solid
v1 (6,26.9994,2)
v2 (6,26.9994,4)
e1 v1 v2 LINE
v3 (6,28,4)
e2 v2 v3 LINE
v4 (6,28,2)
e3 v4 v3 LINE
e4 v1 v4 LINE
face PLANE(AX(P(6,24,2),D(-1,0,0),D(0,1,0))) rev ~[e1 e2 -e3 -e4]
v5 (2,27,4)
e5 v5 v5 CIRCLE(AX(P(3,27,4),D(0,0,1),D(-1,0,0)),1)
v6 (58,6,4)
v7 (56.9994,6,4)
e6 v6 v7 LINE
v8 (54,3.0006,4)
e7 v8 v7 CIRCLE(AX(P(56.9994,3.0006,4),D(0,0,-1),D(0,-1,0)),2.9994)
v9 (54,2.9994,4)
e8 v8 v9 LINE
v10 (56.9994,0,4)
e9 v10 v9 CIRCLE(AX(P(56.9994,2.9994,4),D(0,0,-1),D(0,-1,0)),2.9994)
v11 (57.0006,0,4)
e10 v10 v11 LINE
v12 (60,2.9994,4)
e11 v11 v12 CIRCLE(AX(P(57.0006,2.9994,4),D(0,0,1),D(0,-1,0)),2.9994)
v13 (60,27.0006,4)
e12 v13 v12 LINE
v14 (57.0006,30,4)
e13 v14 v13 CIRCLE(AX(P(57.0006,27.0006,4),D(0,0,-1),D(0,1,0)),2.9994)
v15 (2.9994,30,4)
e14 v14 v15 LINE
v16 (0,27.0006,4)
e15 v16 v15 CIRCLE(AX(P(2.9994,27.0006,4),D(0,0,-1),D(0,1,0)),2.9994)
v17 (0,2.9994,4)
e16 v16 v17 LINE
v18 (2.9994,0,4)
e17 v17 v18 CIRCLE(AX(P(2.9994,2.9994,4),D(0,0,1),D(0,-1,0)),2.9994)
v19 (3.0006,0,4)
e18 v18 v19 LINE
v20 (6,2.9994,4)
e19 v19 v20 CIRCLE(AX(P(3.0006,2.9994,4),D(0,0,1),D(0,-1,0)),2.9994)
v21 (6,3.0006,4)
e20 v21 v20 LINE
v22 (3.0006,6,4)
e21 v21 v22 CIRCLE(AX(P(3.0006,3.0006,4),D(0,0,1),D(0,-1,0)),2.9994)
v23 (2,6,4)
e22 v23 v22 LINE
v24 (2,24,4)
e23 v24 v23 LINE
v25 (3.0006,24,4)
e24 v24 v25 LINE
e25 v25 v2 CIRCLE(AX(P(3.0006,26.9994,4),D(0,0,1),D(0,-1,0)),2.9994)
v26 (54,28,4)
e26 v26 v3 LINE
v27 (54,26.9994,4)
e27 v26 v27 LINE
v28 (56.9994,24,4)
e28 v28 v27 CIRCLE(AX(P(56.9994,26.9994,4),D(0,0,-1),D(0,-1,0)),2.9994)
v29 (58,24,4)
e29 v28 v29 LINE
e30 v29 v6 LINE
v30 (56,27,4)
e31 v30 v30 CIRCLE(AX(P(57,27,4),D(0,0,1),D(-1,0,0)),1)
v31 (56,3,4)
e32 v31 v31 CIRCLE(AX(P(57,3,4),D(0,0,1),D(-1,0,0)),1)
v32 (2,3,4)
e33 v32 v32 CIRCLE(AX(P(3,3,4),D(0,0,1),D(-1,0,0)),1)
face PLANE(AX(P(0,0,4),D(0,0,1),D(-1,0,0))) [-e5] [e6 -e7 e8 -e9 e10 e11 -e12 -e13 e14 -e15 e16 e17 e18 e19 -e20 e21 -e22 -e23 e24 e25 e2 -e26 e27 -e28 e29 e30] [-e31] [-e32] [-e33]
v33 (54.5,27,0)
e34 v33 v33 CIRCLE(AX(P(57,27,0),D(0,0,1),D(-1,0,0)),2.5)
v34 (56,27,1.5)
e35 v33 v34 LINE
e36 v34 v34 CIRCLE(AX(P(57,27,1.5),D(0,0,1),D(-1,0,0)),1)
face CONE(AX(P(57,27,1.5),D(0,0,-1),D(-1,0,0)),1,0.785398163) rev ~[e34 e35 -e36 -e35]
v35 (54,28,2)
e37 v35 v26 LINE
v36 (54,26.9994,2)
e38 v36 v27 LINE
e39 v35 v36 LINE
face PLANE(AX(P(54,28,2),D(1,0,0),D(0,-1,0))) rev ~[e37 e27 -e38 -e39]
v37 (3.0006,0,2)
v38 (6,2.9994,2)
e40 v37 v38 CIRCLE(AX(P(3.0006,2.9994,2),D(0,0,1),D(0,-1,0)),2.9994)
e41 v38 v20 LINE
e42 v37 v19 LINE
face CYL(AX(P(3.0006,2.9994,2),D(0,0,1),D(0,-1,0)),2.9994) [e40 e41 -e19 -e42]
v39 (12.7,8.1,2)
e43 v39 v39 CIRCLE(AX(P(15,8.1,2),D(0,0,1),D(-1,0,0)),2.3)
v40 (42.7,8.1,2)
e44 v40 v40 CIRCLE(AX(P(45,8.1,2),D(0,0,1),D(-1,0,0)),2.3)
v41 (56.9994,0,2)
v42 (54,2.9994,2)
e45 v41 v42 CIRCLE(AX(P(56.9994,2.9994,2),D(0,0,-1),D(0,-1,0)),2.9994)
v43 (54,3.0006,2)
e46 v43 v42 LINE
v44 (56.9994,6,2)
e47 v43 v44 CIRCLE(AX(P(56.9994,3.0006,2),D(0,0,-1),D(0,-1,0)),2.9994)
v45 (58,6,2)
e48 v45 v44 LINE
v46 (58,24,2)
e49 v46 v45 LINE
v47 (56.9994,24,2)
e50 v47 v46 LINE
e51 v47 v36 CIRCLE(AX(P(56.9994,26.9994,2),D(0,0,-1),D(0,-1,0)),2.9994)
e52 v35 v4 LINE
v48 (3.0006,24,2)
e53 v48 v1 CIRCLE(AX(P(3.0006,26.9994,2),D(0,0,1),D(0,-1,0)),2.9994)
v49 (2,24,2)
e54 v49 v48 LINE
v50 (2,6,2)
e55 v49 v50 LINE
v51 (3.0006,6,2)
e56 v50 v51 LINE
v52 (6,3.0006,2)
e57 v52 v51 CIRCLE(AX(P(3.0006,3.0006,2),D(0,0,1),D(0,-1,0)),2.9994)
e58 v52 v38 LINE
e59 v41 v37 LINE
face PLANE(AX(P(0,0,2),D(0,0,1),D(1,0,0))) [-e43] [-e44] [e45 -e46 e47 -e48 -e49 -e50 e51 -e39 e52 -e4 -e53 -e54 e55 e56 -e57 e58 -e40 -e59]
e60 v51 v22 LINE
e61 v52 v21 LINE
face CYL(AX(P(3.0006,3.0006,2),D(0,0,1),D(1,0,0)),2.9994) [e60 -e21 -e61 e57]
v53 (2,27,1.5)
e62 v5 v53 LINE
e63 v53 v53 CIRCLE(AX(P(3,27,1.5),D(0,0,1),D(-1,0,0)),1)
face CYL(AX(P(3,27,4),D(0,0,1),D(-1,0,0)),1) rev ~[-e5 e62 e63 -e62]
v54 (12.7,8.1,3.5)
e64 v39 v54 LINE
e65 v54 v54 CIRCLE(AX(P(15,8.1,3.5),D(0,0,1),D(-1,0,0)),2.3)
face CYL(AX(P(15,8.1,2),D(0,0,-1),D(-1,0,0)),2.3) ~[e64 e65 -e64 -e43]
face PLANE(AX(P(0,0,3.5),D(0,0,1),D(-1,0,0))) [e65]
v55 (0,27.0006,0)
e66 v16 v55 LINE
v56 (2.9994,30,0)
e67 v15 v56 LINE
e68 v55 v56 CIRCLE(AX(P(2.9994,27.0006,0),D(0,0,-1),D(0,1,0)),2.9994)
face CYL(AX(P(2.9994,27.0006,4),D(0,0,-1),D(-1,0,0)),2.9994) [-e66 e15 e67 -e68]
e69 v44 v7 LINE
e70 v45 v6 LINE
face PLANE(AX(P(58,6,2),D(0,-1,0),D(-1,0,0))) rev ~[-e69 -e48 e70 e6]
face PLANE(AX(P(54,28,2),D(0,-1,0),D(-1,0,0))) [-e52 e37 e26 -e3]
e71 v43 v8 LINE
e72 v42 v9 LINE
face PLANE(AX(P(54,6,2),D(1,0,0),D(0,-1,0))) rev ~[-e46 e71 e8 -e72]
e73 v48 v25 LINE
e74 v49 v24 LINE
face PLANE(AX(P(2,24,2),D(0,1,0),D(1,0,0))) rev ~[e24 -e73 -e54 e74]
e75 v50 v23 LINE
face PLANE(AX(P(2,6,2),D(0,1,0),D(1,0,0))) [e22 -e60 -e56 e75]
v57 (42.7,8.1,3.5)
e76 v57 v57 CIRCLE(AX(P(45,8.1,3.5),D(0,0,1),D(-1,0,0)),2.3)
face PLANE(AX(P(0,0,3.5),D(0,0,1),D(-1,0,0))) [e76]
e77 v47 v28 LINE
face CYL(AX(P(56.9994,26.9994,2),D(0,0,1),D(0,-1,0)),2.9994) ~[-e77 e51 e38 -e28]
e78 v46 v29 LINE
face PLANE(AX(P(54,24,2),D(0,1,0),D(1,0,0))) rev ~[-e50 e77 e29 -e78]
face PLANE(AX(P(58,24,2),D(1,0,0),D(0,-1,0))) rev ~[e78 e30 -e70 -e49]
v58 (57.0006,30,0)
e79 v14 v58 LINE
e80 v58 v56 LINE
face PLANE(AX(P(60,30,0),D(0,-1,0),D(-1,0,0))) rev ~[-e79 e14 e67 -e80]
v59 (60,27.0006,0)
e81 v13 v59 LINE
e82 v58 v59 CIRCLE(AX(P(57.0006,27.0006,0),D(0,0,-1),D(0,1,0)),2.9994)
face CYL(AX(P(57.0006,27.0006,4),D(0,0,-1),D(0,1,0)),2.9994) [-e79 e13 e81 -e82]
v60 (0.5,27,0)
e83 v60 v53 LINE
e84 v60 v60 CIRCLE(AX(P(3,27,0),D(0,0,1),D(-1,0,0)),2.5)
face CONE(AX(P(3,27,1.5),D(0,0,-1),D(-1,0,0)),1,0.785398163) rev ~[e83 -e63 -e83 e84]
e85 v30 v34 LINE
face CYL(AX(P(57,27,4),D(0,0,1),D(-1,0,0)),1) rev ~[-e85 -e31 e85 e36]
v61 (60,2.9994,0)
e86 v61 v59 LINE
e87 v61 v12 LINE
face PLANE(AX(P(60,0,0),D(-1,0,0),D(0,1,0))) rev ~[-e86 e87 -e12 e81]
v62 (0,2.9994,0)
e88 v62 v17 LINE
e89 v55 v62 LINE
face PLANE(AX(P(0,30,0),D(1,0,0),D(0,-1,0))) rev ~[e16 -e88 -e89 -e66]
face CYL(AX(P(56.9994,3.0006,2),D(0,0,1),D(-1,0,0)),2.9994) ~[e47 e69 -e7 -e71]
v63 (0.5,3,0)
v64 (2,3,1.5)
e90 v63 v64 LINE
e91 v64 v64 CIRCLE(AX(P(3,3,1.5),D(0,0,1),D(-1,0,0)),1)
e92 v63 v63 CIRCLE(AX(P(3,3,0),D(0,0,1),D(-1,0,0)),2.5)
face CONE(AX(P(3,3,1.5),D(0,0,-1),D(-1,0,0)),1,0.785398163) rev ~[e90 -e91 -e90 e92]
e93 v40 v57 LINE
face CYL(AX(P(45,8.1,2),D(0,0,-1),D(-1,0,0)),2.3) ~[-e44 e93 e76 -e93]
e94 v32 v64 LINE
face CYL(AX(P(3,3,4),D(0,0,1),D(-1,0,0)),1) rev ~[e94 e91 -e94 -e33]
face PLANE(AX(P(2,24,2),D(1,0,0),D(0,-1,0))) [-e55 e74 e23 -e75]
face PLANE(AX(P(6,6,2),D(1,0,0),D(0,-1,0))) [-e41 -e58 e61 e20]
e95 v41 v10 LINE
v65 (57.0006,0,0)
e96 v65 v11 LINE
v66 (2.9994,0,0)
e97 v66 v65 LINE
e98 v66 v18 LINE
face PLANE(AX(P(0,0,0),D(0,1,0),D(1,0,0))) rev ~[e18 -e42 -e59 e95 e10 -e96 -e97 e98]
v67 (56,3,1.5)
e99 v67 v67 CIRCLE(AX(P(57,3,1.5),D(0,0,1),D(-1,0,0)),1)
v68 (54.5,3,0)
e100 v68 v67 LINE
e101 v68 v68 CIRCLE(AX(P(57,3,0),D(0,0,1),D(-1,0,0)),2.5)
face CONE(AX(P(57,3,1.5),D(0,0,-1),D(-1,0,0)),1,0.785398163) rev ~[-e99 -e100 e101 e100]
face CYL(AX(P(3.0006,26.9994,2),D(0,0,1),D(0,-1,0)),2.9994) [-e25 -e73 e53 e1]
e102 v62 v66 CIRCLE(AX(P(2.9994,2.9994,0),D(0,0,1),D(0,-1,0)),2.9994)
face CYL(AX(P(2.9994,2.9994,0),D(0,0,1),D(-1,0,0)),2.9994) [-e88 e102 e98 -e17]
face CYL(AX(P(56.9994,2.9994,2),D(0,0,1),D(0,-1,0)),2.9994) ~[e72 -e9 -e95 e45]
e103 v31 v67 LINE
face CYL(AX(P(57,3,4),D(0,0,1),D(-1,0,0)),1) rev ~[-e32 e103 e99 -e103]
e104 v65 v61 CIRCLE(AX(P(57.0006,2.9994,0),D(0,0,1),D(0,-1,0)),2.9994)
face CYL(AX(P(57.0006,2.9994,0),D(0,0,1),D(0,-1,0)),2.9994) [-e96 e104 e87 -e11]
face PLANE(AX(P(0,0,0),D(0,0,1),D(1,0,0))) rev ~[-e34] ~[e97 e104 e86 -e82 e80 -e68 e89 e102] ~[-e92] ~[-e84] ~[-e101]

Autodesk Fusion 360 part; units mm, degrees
sketch "스케치1" plane through (0, 0, 0) normal (0, 0, 1) x (1, 0, 0)
  line L0 (0, 0) -> (60, 0)
  line L1 (60, 0) -> (60, 30)
  line L2 (60, 30) -> (0, 30)
  line L3 (0, 30) -> (0, 0)
  dimension "d1" = 60
  dimension "d2" = 30
extrude "돌출1" add sketch "스케치1" along normal blind 2
sketch "스케치5" plane through (0, 0, 2) normal (0, 0, 1) x (-1, 0, 0)
  line L0 (0, -30) -> (0, 0)
  line L1 (0, 0) -> (0, -30)
  line L2 (-60, -30) -> (0, -30)
  line L3 (-60, -30) -> (-60, 0)
  line L4 (0, 0) -> (-60, 0)
  line L5 (-60, 0) -> (-54, 0)
  line L6 (-54, -28) -> (-6, -28)
  line L7 (-2, -24) -> (-2, -6)
  line L8 (-6, 0) -> (0, 0)
  line L9 (-58, -24) -> (-58, -6)
  line L10 (-2, -24) -> (-6, -24)
  line L11 (-6, -24) -> (-6, -28)
  line L12 (-54, -28) -> (-54, -24)
  line L13 (-54, -24) -> (-58, -24)
  line L14 (-2, -6) -> (-6, -6)
  line L15 (0, 0) -> (-60, 0)
  line L16 (-6, -6) -> (-6, 0)
  line L17 (-58, -6) -> (-54, -6)
  line L18 (-54, -6) -> (-54, 0)
  point P0 (0, -30)
  point P1 (-60, -30)
  point P2 (-60, 0)
  dimension "d38" = 2
  dimension "d39" = 2
  dimension "d42" = 2
  dimension "d43" = 6
  dimension "d44" = 6
  dimension "d45" = 6
  dimension "d46" = 6
  dimension "d47" = 6
extrude "돌출11" add sketch "스케치5" along normal blind 2 contours L0 L1 L2 L3 L4 L5 L6 L7 L8 L9 L10 L11 L12 L13 L14 L15 L16 L17 L18
sketch "스케치10" plane through (0, 0, 4) normal (0, 0, 1) x (-1, 0, 0)
  circle A0 centre (-57, -3) radius 1
  circle A1 centre (-57, -27) radius 1
  circle A2 centre (-3, -3) radius 1
  circle A3 centre (-3, -27) radius 1
  dimension "d82" = 2
  dimension "d83" = 3
  dimension "d84" = 3
  dimension "d85" = 24
  dimension "d86" = 54
extrude "돌출13" cut sketch "스케치10" against normal blind 4
fillet "필렛4" radius 3 10 edges at (0, 0, 2) (60, 0, 2) (0, 30, 2) (60, 30, 2) (54, 24, 3) (6, 24, 3) (6, 6, 3) (54, 6, 3) (6, 0, 3) (54, 0, 3)
chamfer "챔퍼1" distance 1.5 angle 45 4 edges at (57.9323, 3.3616, 0) (57.9323, 27.3616, 0) (3.9323, 27.3616, 0) (3.9323, 3.3616, 0)
sketch "스케치11" plane through (0, 0, 2) normal (0, 0, 1) x (-1, 0, 0)
  circle A0 centre (-45, -8.1) radius 2.3
  circle A1 centre (-15, -8.1) radius 2.3
  dimension "d93" = 8.1
  dimension "d95" = 4.6
  dimension "d98" = 15
  dimension "d99" = 30
extrude "돌출14" add sketch "스케치11" along normal blind 1.5
